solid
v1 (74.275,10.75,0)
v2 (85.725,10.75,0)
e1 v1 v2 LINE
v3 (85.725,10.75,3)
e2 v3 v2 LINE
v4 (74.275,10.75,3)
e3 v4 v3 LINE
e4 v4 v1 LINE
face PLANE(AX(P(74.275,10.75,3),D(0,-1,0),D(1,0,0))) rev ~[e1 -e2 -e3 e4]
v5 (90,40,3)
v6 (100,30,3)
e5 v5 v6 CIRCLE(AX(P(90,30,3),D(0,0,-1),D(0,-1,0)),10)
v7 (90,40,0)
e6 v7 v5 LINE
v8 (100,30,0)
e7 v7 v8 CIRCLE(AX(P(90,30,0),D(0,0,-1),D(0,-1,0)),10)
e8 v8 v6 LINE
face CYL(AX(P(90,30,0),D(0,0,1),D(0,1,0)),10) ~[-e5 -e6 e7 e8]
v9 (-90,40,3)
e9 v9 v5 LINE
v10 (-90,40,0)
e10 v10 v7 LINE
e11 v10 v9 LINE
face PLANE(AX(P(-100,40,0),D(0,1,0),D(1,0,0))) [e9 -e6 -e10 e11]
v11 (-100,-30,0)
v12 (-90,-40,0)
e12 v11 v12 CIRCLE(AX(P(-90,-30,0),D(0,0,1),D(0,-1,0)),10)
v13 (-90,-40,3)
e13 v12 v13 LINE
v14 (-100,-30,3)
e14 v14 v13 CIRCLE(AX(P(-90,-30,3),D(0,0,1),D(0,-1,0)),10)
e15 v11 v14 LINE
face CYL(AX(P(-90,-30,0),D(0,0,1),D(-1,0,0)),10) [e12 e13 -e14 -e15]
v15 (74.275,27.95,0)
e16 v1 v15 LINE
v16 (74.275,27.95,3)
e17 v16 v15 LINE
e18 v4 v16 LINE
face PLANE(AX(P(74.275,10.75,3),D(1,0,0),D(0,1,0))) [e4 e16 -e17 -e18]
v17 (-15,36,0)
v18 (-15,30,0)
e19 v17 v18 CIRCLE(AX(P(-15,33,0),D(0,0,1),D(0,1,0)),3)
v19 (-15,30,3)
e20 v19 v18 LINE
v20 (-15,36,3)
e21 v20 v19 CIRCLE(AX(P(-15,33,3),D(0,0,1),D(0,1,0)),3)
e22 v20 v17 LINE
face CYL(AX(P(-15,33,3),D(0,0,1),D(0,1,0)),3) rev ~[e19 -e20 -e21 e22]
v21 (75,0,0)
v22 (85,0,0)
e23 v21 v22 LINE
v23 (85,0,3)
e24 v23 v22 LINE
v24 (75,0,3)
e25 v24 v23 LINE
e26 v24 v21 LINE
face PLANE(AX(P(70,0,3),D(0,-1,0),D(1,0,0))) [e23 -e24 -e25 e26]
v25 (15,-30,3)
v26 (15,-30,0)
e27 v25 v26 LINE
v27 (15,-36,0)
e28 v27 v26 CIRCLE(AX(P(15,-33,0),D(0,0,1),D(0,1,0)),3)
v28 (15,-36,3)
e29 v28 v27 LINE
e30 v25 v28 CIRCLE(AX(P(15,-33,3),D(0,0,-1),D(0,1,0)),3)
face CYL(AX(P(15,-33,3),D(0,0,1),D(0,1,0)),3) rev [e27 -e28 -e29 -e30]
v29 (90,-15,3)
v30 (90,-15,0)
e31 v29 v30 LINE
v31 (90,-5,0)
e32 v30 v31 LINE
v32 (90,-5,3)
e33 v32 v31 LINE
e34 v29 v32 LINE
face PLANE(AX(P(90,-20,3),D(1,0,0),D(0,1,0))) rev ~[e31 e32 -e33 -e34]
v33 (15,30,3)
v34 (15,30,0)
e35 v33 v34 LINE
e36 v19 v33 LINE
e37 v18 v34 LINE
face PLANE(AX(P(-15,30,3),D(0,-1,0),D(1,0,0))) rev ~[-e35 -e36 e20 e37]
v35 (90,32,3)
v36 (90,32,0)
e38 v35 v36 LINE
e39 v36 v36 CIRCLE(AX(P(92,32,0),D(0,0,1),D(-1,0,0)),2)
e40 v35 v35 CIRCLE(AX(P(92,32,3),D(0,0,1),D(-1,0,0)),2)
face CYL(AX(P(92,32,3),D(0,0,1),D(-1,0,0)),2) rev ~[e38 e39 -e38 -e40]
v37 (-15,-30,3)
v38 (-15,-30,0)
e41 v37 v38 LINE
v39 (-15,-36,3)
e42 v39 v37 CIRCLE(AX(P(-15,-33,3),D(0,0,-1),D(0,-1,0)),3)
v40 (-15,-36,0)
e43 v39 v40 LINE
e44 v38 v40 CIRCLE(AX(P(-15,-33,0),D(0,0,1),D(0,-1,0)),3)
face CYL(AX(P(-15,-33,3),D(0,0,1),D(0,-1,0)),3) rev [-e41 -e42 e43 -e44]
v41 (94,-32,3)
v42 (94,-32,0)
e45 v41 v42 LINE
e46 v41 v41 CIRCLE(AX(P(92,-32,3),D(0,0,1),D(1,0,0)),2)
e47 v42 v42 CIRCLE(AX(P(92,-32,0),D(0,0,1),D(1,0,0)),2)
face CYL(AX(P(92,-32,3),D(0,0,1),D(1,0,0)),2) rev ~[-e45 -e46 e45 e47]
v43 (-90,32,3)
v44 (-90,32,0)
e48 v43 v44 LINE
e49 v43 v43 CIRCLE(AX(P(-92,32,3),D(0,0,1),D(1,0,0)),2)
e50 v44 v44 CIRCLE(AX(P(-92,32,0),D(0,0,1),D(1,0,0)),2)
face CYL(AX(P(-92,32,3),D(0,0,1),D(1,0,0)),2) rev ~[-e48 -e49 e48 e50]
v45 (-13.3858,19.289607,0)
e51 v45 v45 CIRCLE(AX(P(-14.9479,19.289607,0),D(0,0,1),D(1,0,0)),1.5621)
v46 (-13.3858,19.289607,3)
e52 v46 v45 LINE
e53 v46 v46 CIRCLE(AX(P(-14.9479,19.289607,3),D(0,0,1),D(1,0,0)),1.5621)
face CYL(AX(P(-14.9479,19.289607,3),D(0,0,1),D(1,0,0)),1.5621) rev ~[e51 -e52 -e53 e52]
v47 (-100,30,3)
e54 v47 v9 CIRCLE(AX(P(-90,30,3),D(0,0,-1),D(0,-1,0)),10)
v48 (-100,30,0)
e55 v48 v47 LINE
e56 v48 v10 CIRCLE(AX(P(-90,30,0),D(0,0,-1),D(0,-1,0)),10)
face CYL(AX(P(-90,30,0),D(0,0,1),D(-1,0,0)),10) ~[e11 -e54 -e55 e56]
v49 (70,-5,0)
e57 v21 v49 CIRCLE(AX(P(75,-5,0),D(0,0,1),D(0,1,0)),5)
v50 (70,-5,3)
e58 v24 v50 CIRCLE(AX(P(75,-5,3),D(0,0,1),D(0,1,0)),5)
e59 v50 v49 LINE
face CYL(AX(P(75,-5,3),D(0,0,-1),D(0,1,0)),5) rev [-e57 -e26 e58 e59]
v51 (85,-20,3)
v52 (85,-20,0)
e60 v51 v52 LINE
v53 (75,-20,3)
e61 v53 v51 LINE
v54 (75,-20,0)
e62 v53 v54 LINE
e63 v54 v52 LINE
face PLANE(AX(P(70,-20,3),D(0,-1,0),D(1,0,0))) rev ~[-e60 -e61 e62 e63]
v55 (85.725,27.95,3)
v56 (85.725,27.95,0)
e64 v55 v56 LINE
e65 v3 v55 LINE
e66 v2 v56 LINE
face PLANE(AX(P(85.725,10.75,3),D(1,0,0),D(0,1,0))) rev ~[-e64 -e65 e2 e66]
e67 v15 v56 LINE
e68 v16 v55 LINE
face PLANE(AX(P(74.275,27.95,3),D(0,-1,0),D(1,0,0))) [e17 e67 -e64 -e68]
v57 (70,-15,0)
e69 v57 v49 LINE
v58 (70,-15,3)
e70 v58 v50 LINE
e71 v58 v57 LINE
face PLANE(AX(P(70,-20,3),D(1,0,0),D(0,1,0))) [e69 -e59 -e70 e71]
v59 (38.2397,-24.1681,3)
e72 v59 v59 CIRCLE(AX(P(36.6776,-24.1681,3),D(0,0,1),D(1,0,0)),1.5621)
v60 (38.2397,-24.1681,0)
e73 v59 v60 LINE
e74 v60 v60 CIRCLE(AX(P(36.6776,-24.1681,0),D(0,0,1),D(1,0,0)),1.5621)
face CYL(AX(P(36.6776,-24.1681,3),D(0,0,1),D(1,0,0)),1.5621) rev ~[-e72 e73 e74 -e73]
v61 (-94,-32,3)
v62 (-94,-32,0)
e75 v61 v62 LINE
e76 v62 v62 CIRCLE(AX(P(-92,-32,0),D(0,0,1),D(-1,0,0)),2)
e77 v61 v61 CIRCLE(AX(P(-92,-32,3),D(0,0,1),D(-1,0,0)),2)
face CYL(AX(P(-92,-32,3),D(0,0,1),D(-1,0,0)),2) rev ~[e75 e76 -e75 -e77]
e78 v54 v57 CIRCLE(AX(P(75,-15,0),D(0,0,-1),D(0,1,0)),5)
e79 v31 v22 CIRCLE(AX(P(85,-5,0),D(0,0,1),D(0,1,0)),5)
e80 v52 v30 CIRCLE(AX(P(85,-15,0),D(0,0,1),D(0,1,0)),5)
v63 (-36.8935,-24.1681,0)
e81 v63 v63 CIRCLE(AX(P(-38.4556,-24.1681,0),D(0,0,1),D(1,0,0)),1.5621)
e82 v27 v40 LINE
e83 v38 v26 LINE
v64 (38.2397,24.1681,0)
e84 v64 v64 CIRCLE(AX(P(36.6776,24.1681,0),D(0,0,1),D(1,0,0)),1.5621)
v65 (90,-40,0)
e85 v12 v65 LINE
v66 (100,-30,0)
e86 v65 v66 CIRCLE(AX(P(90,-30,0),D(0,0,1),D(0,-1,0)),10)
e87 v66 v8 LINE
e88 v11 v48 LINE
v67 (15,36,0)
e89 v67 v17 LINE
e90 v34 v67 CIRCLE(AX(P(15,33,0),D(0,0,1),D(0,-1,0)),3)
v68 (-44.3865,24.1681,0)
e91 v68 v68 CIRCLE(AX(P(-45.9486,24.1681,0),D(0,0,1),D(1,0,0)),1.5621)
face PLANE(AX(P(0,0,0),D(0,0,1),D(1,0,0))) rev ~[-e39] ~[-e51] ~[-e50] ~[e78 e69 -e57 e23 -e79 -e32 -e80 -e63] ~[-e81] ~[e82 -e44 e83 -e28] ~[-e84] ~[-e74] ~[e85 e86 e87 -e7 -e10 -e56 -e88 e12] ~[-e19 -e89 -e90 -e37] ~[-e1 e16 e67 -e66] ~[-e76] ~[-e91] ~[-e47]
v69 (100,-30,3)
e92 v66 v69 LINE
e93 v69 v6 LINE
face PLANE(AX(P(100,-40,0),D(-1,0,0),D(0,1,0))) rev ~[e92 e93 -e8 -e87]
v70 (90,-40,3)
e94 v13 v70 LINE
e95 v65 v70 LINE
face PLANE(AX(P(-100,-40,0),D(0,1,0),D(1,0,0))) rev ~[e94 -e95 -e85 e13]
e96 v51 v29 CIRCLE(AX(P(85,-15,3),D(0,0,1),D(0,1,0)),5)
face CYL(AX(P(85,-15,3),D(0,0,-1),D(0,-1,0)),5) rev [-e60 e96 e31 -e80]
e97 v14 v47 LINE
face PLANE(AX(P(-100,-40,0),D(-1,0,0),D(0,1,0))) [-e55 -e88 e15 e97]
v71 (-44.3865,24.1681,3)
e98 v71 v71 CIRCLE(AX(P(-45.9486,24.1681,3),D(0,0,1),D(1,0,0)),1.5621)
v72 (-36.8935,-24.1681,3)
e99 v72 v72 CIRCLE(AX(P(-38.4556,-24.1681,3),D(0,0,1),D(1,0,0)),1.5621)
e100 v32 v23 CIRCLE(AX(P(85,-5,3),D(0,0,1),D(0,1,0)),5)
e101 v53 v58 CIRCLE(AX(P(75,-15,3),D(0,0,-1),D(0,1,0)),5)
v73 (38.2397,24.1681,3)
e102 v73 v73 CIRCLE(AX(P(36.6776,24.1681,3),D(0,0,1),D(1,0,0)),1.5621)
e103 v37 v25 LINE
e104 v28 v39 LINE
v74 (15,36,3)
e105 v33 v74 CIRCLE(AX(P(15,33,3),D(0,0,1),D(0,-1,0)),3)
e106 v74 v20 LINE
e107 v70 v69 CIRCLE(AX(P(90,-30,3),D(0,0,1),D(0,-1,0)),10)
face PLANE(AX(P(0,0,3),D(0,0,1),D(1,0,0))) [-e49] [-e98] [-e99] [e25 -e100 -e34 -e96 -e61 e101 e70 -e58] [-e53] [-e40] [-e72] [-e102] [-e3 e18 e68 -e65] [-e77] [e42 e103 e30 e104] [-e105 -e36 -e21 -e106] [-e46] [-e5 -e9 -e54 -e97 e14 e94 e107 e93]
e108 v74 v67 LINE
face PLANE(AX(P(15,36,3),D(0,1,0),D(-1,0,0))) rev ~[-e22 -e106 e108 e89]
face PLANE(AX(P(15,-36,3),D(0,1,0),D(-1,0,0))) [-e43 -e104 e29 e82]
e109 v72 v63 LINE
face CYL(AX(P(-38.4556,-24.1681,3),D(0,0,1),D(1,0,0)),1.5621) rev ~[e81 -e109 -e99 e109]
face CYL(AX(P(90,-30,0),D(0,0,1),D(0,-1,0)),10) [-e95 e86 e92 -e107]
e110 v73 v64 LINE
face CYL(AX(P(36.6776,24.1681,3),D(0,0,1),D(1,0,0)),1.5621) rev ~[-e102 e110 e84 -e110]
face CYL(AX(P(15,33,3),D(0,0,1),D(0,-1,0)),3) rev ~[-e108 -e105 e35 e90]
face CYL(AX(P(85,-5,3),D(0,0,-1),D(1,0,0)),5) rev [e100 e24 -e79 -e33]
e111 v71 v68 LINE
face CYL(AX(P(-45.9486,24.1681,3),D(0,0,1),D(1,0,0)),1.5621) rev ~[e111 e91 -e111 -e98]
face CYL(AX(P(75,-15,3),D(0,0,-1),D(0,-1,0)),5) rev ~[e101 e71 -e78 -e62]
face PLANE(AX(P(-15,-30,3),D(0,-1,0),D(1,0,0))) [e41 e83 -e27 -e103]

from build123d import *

# Parameters (mm, degrees)
SKETCH1_W           = 200
SKETCH1_H           = 80
BOSS_EXTRUDE1_DEPTH = 3
SKETCH2_R           = 2
CUT_EXTRUDE1_DEPTH  = 108.745069493
FILLET1_R           = 10
SKETCH3_R           = 1.5621
CUT_EXTRUDE2_DEPTH  = 108.745069493
SKETCH4_W           = 20
SKETCH4_H           = 20
CUT_EXTRUDE3_DEPTH  = 108.745069493
FILLET2_R           = 5
CUT_EXTRUDE4_DEPTH  = 108.745069493
SKETCH6_W           = 11.45
SKETCH6_H           = 17.2
CUT_EXTRUDE5_DEPTH  = 108.745069493


with BuildPart() as part:
    # Sketch1 → Boss-Extrude1 (new body)
    with BuildSketch(Plane.XY):
        Rectangle(SKETCH1_W, SKETCH1_H)
    extrude(amount=BOSS_EXTRUDE1_DEPTH)

    # Sketch2 → Cut-Extrude1 (cut, through all)
    with BuildSketch(Plane.XY.offset(3)):
        with Locations((-92, 32)):
            Circle(SKETCH2_R)
        with Locations(Location((-92, -32, 0), (0, 0, 180))):
            Circle(SKETCH2_R)
        with Locations((92, -32)):
            Circle(SKETCH2_R)
        with Locations(Location((92, 32, 0), (0, 0, 180))):
            Circle(SKETCH2_R)
    extrude(amount=-CUT_EXTRUDE1_DEPTH, mode=Mode.SUBTRACT)

    # Fillet1
    fillet1_edges = [part.edges().sort_by_distance(p)[0] for p in [
        (100, -40, 1.5),
        (-100, -40, 1.5),
        (-100, 40, 1.5),
        (100, 40, 1.5),
    ]]
    fillet(fillet1_edges, radius=FILLET1_R)

    # Sketch3 → Cut-Extrude2 (cut, through all)
    with BuildSketch(Plane.XY.offset(3)):
        with Locations((36.6776, 24.1681)):
            Circle(SKETCH3_R)
        with Locations((36.6776, -24.1681)):
            Circle(SKETCH3_R)
        with Locations((-38.4556, -24.1681)):
            Circle(SKETCH3_R)
        with Locations((-45.9486, 24.1681)):
            Circle(SKETCH3_R)
        with Locations((-14.9479, 19.289607234)):
            Circle(SKETCH3_R)
    extrude(amount=-CUT_EXTRUDE2_DEPTH, mode=Mode.SUBTRACT)

    # Sketch4 → Cut-Extrude3 (cut, through all)
    with BuildSketch(Plane.XY.offset(3)):
        with Locations((80, -10)):
            Rectangle(SKETCH4_W, SKETCH4_H)
    extrude(amount=-CUT_EXTRUDE3_DEPTH, mode=Mode.SUBTRACT)

    # Fillet2
    fillet2_edges = [part.edges().sort_by_distance(p)[0] for p in [
        (90, 0, 1.5),
        (90, -20, 1.5),
        (70, -20, 1.5),
        (70, 0, 1.5),
    ]]
    fillet(fillet2_edges, radius=FILLET2_R)

    # Sketch5 → Cut-Extrude4 (cut, through all)
    with BuildSketch(Plane.XY.offset(3)):
        with BuildLine():
            Line((-15, -30), (15, -30))
            ThreePointArc((15, -30), (18, -33), (15, -36))
            Line((15, -36), (-15, -36))
            ThreePointArc((-15, -36), (-18, -33), (-15, -30))
        make_face()
        with BuildLine():
            Line((-15, 30), (15, 30))
            ThreePointArc((15, 30), (18, 33), (15, 36))
            Line((15, 36), (-15, 36))
            ThreePointArc((-15, 36), (-18, 33), (-15, 30))
        make_face()
    extrude(amount=-CUT_EXTRUDE4_DEPTH, mode=Mode.SUBTRACT)

    # Sketch6 → Cut-Extrude5 (cut, through all)
    with BuildSketch(Plane.XY.offset(3)):
        with Locations((80, 19.35)):
            Rectangle(SKETCH6_W, SKETCH6_H)
    extrude(amount=-CUT_EXTRUDE5_DEPTH, mode=Mode.SUBTRACT)


solid = part.part
